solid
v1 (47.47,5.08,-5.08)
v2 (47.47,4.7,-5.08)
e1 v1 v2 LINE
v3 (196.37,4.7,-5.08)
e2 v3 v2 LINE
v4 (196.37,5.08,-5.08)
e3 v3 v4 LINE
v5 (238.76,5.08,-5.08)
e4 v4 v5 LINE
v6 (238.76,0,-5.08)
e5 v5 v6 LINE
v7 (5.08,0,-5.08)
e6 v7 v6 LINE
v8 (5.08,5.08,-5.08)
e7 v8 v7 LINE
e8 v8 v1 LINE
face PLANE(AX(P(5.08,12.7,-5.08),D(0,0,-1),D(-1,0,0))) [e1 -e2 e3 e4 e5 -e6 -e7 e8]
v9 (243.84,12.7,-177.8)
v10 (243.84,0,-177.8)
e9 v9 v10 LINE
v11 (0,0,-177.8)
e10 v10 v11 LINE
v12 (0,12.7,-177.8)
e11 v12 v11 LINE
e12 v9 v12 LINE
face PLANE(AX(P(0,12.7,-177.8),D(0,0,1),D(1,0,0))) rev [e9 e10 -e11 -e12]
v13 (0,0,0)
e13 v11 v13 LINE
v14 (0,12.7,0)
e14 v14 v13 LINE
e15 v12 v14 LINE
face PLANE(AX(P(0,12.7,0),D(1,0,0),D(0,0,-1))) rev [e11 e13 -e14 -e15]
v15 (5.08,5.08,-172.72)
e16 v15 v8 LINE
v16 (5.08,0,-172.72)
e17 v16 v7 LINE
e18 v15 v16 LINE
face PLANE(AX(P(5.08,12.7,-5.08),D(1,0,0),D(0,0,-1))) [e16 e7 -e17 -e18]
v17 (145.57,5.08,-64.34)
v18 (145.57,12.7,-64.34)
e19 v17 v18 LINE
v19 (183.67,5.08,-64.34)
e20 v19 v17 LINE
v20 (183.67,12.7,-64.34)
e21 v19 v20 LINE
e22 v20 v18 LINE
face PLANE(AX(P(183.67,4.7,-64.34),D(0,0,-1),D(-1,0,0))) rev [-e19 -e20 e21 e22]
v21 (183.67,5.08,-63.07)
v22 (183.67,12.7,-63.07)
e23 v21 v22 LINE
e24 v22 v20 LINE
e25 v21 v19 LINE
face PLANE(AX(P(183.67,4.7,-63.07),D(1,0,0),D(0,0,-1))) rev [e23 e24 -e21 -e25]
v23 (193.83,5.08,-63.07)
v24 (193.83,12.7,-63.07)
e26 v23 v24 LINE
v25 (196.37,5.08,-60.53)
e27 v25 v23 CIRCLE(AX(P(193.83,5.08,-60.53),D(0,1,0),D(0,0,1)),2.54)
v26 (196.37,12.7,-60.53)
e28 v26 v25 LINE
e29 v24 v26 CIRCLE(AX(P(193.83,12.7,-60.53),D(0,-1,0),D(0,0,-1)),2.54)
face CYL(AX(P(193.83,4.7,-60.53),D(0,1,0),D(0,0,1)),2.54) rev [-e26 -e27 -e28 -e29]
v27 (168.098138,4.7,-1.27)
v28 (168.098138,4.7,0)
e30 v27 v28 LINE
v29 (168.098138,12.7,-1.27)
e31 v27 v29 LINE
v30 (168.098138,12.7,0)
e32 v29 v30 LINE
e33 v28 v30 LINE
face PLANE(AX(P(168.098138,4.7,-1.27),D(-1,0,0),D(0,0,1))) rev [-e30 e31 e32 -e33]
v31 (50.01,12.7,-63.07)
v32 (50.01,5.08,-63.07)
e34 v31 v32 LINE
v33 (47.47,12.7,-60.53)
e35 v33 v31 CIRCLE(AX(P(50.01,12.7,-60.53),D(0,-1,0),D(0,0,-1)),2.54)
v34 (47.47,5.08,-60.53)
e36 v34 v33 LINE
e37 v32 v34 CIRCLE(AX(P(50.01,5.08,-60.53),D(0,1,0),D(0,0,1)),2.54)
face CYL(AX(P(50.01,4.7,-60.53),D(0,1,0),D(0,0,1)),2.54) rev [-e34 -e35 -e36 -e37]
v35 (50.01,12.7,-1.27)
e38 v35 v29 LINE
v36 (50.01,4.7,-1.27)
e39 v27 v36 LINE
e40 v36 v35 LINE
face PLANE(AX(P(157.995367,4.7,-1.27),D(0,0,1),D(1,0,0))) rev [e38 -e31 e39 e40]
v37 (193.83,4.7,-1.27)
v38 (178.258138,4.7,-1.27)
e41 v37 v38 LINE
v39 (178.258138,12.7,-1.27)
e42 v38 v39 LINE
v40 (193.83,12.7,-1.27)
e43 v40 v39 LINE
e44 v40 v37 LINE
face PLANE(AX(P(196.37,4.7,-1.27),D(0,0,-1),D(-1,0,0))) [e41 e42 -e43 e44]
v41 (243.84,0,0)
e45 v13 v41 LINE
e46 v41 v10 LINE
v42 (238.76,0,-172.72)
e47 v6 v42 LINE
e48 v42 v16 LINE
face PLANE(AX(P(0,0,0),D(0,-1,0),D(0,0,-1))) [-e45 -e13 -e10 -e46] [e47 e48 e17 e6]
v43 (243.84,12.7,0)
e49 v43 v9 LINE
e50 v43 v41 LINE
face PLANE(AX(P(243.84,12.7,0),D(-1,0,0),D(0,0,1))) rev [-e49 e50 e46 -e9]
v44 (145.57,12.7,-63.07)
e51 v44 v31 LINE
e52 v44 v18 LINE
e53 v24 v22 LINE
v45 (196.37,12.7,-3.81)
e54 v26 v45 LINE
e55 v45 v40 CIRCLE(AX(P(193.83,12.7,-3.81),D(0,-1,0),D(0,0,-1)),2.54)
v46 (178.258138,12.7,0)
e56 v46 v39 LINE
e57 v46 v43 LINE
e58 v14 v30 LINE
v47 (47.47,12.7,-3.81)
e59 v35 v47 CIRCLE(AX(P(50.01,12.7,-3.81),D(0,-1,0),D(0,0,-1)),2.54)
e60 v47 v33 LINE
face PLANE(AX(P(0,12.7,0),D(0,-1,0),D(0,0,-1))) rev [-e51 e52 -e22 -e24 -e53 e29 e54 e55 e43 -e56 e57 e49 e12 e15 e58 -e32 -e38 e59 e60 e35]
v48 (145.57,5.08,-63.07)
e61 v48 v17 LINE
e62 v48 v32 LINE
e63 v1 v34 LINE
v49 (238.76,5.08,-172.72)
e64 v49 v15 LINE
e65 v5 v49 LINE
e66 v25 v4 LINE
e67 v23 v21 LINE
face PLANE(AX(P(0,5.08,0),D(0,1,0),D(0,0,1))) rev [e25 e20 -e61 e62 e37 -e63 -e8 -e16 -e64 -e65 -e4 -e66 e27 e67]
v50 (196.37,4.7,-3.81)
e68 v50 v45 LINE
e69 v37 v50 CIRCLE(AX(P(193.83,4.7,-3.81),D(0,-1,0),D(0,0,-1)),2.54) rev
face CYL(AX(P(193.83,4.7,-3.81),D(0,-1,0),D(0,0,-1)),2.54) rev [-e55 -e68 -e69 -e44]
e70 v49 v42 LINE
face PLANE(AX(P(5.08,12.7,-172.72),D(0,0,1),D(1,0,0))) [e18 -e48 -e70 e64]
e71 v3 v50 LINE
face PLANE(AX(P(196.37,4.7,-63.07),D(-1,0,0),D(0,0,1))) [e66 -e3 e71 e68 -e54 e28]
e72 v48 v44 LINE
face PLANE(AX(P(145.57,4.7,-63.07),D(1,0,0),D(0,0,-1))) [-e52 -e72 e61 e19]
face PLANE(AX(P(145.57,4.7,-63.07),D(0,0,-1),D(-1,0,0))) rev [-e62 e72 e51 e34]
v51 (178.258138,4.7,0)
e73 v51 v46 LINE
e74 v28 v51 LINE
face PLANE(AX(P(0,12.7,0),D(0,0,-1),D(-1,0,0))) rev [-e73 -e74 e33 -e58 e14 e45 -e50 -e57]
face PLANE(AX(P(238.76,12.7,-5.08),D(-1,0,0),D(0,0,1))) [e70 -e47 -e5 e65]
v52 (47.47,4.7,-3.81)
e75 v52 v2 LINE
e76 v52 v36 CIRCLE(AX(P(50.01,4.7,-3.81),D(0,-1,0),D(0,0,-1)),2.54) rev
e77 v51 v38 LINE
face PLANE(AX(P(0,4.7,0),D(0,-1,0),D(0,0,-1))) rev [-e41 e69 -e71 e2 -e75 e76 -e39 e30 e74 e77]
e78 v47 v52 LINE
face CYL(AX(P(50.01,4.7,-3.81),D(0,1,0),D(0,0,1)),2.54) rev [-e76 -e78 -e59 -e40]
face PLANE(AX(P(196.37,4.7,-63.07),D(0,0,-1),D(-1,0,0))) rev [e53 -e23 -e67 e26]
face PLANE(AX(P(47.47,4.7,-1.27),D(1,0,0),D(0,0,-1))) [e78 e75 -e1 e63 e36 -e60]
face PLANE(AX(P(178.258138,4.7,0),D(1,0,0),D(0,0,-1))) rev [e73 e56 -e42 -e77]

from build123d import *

# Parameters (mm, degrees)
SKETCH1_W           = 243.84
SKETCH1_H           = 177.8
SKETCH1_W_2         = 233.68
SKETCH1_H_2         = 167.64
BOSS_EXTRUDE7_DEPTH = 12.7
SKETCH6_W           = 233.68
SKETCH6_H           = 167.64
BOSS_EXTRUDE8_DEPTH = 7.62
CUT_EXTRUDE2_DEPTH  = 8
FILLET1_R           = 2.54


with BuildPart() as part:
    # Sketch1 → Boss-Extrude7 (new body)
    with BuildSketch(Plane(origin=(0, 0, 0), x_dir=(1, 0, 0), z_dir=(0, 1, 0))):
        with Locations((121.92, 88.9)):
            Rectangle(SKETCH1_W, SKETCH1_H)
        with Locations((121.92, 88.9)):
            Rectangle(SKETCH1_W_2, SKETCH1_H_2, mode=Mode.SUBTRACT)
    extrude(amount=BOSS_EXTRUDE7_DEPTH)

    # Sketch6 → Boss-Extrude8 (add)
    with BuildSketch(Plane(origin=(0, 12.7, 0), x_dir=(1, 0, 0), z_dir=(0, 1, 0))):
        with Locations((121.92, 88.9)):
            Rectangle(SKETCH6_W, SKETCH6_H)
    extrude(amount=-BOSS_EXTRUDE8_DEPTH)

    # Sketch7 → Cut-Extrude2 (cut)
    with BuildSketch(Plane(origin=(0, 12.7, 0), x_dir=(1, 0, 0), z_dir=(0, 1, 0))):
        Polygon((196.37, 1.27), (178.258137899, 1.27), (178.258137899, 0), (168.098137899, 0), (168.098137899, 1.27), (157.995367116, 1.27), (47.47, 1.27), (47.47, 63.07), (145.57, 63.07), (145.57, 64.34), (183.67, 64.34), (183.67, 63.07), (196.37, 63.07), align=None)
    extrude(amount=-CUT_EXTRUDE2_DEPTH, mode=Mode.SUBTRACT)

    # Fillet1
    fillet1_edges = [part.edges().sort_by_distance(p)[0] for p in [
        (47.47, 8.89, -63.07),
        (47.47, 8.7, -1.27),
        (196.37, 8.89, -63.07),
        (196.37, 8.7, -1.27),
    ]]
    fillet(fillet1_edges, radius=FILLET1_R)


solid = part.part
